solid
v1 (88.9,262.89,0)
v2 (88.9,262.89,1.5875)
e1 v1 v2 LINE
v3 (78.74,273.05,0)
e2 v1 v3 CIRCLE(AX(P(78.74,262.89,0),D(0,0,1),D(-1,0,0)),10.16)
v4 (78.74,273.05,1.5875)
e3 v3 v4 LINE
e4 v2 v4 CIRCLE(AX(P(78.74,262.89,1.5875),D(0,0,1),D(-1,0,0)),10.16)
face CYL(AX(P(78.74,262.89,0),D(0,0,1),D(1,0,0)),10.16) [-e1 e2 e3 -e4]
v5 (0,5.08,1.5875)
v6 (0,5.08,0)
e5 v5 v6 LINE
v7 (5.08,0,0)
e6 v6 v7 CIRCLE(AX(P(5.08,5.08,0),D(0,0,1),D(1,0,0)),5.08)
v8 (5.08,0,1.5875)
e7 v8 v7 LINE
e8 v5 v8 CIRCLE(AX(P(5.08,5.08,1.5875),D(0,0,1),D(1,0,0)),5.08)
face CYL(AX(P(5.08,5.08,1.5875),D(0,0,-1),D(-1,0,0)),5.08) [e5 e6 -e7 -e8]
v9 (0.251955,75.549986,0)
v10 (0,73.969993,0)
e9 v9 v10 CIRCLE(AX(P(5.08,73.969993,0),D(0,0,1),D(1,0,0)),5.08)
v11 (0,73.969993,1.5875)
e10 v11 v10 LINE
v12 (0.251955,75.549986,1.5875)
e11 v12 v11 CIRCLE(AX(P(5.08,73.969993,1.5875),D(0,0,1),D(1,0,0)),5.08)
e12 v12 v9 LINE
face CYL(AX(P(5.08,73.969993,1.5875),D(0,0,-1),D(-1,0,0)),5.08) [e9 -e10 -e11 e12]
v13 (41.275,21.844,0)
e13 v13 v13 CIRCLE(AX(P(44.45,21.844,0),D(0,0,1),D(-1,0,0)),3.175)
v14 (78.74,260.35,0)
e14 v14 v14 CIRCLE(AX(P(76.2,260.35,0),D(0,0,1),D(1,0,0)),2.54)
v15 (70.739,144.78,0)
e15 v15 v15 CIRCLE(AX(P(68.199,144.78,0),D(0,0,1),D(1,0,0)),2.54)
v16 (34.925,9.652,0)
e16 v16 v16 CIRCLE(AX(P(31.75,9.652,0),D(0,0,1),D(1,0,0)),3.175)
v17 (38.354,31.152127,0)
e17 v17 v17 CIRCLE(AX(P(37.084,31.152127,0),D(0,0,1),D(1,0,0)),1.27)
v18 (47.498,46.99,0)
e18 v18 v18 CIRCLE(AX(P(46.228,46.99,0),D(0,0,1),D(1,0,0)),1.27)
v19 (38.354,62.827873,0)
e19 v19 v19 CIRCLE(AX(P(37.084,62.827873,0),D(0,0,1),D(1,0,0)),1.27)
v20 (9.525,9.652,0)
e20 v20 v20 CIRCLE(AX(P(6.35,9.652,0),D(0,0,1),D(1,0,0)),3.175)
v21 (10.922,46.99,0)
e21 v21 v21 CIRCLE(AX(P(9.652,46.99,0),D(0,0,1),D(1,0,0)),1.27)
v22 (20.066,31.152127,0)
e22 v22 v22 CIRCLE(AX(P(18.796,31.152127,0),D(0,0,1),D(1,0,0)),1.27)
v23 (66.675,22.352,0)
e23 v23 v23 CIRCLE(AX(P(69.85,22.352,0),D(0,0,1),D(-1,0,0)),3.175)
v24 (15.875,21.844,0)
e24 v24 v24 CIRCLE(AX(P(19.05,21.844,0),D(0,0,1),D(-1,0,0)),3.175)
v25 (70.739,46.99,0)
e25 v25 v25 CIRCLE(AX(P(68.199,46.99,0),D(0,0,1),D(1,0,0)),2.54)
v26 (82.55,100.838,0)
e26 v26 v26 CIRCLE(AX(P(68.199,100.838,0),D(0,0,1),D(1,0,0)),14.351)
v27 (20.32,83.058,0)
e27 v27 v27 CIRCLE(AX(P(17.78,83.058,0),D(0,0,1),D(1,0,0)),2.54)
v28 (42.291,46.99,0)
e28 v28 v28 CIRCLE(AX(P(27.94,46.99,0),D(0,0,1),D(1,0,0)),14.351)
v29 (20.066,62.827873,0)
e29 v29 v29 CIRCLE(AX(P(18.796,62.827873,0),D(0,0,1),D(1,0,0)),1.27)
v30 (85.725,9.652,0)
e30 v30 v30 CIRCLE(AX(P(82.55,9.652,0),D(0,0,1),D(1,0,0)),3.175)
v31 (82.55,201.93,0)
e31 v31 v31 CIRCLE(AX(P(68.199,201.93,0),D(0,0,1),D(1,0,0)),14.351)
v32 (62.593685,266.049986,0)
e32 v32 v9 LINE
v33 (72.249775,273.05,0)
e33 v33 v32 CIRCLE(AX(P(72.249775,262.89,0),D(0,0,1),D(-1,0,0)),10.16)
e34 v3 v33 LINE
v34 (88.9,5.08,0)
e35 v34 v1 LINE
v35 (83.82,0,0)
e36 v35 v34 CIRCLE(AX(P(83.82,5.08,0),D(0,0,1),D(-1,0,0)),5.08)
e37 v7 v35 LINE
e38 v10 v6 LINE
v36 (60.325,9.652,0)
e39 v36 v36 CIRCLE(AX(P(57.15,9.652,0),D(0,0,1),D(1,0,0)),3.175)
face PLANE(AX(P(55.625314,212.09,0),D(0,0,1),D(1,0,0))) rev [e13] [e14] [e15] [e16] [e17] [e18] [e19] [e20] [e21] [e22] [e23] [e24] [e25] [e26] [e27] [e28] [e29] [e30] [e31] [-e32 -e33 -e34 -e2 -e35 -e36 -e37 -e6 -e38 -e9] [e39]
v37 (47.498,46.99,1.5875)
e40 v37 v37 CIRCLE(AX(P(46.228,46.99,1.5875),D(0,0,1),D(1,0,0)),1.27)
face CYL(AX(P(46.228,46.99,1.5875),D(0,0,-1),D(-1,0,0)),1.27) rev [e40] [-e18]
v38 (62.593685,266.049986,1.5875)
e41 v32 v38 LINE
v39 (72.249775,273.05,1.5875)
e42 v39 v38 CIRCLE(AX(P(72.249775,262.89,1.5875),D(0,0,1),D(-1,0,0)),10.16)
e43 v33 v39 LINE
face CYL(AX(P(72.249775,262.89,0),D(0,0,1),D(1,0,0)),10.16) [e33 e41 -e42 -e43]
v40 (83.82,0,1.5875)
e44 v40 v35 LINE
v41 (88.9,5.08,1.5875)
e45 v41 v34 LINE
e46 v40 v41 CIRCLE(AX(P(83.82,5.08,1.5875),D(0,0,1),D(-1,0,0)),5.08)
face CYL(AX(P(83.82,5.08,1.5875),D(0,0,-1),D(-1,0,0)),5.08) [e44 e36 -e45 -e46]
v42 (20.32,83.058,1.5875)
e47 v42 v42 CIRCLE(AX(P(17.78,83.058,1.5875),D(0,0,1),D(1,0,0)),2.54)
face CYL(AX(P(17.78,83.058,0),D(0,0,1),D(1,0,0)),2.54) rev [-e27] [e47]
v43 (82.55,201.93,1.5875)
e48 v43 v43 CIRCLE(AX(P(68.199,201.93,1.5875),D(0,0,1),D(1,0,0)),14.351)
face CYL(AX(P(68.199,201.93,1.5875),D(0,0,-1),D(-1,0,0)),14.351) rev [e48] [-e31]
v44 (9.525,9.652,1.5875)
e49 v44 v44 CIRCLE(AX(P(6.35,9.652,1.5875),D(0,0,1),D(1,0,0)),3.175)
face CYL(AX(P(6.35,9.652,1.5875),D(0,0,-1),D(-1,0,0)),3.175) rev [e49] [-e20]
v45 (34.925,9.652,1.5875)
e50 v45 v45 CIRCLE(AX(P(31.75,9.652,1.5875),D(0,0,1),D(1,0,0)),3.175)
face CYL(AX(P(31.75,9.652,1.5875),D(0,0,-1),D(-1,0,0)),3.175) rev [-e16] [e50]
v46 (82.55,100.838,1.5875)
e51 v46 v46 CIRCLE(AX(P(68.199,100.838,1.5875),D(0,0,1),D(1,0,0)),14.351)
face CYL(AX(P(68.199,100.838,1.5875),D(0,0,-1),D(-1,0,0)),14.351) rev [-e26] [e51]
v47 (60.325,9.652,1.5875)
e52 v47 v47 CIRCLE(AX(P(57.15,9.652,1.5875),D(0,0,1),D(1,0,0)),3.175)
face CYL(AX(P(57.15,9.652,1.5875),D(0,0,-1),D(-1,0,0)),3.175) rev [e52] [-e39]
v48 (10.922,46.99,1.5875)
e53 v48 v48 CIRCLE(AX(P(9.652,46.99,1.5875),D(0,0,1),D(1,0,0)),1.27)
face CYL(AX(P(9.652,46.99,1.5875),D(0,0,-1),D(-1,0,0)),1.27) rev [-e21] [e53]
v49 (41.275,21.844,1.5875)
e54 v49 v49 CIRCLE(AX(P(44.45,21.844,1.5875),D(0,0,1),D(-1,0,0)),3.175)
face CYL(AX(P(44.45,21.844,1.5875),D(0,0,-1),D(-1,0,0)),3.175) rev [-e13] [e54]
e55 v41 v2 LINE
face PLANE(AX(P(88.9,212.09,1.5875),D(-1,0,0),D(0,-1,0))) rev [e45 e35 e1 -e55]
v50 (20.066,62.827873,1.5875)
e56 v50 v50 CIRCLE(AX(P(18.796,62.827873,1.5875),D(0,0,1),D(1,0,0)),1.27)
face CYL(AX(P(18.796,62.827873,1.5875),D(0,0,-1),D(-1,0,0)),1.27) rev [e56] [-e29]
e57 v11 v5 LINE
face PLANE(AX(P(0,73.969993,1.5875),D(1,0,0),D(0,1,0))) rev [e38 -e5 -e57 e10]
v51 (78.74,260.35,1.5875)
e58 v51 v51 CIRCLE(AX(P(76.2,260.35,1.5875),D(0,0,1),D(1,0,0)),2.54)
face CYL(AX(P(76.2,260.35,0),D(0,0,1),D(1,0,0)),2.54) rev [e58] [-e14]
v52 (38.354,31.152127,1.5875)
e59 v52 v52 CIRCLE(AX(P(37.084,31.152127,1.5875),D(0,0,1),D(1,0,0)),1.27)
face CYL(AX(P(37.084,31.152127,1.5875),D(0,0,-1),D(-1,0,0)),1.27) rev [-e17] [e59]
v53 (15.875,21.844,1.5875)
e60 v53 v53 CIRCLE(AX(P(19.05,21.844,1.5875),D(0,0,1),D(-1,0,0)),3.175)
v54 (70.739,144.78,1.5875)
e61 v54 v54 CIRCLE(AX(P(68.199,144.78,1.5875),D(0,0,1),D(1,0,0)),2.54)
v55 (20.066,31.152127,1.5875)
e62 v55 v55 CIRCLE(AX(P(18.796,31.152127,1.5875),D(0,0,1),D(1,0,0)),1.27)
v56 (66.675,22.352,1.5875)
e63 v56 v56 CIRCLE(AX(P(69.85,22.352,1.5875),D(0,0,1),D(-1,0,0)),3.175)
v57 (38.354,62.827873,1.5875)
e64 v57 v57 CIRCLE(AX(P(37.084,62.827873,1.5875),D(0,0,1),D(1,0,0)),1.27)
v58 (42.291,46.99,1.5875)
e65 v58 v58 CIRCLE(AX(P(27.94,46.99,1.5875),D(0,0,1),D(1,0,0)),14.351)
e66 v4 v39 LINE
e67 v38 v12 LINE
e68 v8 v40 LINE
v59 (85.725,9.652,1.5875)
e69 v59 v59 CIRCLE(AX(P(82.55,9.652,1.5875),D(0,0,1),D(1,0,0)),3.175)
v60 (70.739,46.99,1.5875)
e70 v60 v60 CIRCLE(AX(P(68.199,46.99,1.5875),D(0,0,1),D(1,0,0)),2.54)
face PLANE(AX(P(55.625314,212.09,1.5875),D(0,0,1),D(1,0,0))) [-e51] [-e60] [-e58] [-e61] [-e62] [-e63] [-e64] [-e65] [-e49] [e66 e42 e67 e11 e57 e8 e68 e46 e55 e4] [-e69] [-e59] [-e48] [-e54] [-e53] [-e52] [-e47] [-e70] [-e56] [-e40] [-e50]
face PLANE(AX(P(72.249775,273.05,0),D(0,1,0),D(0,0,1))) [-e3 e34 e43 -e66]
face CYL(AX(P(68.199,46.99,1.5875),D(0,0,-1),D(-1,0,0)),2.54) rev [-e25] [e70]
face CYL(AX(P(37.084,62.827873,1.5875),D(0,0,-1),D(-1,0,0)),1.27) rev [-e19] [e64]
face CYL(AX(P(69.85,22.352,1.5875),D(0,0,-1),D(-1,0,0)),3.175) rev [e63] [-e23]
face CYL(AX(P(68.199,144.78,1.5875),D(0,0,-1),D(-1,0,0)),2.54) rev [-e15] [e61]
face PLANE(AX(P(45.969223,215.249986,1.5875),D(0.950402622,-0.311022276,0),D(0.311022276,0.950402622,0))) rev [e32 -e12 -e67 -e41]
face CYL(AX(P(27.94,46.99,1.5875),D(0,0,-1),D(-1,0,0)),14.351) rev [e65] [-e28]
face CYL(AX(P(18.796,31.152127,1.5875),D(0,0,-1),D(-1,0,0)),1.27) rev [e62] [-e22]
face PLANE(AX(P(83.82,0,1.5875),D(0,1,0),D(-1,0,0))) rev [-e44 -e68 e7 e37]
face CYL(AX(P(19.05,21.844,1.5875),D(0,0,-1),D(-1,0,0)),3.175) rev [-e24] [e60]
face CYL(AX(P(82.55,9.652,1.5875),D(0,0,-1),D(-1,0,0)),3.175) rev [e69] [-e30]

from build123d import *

# Parameters (mm, degrees)
SKETCH1_R           = 14.351
SKETCH1_R_2         = 2.54
SKETCH1_R_3         = 3.175
SKETCH1_R_4         = 1.27
BOSS_EXTRUDE1_DEPTH = 1.5875
SKETCH2_R           = 2.54
BOSS_EXTRUDE2_DEPTH = 1.5875
SKETCH3_R           = 2.54
CUT_EXTRUDE1_DEPTH  = 288.162032059


with BuildPart() as part:
    # Sketch1 → Boss-Extrude1 (new body)
    with BuildSketch(Plane.XY):
        with BuildLine():
            Line((88.9, 212.09), (88.9, 5.08))
            ThreePointArc((88.9, 5.08), (87.412102448, 1.487897552), (83.82, 0))
            Line((83.82, 0), (5.08, 0))
            ThreePointArc((5.08, 0), (1.487897552, 1.487897552), (0, 5.08))
            Line((0, 5.08), (0, 73.969993162))
            ThreePointArc((0, 73.969993162), (0.063384098, 74.769971217), (0.25195468, 75.549986324))
            Line((0.25195468, 75.549986324), (45.969223296, 215.249986324))
            ThreePointArc((45.969223296, 215.249986324), (49.662087504, 220.315906061), (55.625313935, 222.25))
            Line((55.625313935, 222.25), (78.74, 222.25))
            ThreePointArc((78.74, 222.25), (85.924204897, 219.274204897), (88.9, 212.09))
        make_face()
        with Locations((68.199, 201.93)):
            Circle(SKETCH1_R, mode=Mode.SUBTRACT)
        with Locations((68.199, 100.838)):
            Circle(SKETCH1_R, mode=Mode.SUBTRACT)
        with Locations((68.199, 144.78)):
            Circle(SKETCH1_R_2, mode=Mode.SUBTRACT)
        with Locations((68.199, 46.99)):
            Circle(SKETCH1_R_2, mode=Mode.SUBTRACT)
        with Locations((27.94, 46.99)):
            Circle(SKETCH1_R, mode=Mode.SUBTRACT)
        with Locations((6.35, 9.652)):
            Circle(SKETCH1_R_3, mode=Mode.SUBTRACT)
        with Locations((31.75, 9.652)):
            Circle(SKETCH1_R_3, mode=Mode.SUBTRACT)
        with Locations((57.15, 9.652)):
            Circle(SKETCH1_R_3, mode=Mode.SUBTRACT)
        with Locations((82.55, 9.652)):
            Circle(SKETCH1_R_3, mode=Mode.SUBTRACT)
        with Locations(Location((69.85, 22.352, 0), (0, 0, 180))):
            Circle(SKETCH1_R_3, mode=Mode.SUBTRACT)
        with Locations(Location((44.45, 21.844, 0), (0, 0, 180))):
            Circle(SKETCH1_R_3, mode=Mode.SUBTRACT)
        with Locations(Location((19.05, 21.844, 0), (0, 0, 180))):
            Circle(SKETCH1_R_3, mode=Mode.SUBTRACT)
        with Locations((46.228, 46.99)):
            Circle(SKETCH1_R_4, mode=Mode.SUBTRACT)
        with Locations((37.084, 31.152127416)):
            Circle(SKETCH1_R_4, mode=Mode.SUBTRACT)
        with Locations((18.796, 31.152127416)):
            Circle(SKETCH1_R_4, mode=Mode.SUBTRACT)
        with Locations((9.652, 46.99)):
            Circle(SKETCH1_R_4, mode=Mode.SUBTRACT)
        with Locations((18.796, 62.827872584)):
            Circle(SKETCH1_R_4, mode=Mode.SUBTRACT)
        with Locations((37.084, 62.827872584)):
            Circle(SKETCH1_R_4, mode=Mode.SUBTRACT)
    extrude(amount=BOSS_EXTRUDE1_DEPTH)

    # Sketch2 → Boss-Extrude2 (add)
    with BuildSketch(Plane.XY.offset(1.5875)):
        with BuildLine():
            Line((45.969223296, 215.249986324), (62.593684611, 266.049986324))
            ThreePointArc((62.593684611, 266.049986324), (66.286548819, 271.115906061), (72.24977525, 273.05))
            Line((72.24977525, 273.05), (78.74, 273.05))
            ThreePointArc((78.74, 273.05), (85.924204897, 270.074204897), (88.9, 262.89))
            Line((88.9, 262.89), (88.9, 212.09))
            Line((88.9, 212.09), (78.74, 222.25))
            Line((78.74, 222.25), (55.625313935, 222.25))
            Line((55.625313935, 222.25), (45.969223296, 215.249986324))
        make_face()
        with Locations((76.2, 260.35)):
            Circle(SKETCH2_R, mode=Mode.SUBTRACT)
    extrude(amount=-BOSS_EXTRUDE2_DEPTH)

    # Sketch3 → Cut-Extrude1 (cut, through all)
    with BuildSketch(Plane.XY.offset(1.5875)):
        with Locations((17.78, 83.058)):
            Circle(SKETCH3_R)
    extrude(amount=-CUT_EXTRUDE1_DEPTH, mode=Mode.SUBTRACT)


solid = part.part
